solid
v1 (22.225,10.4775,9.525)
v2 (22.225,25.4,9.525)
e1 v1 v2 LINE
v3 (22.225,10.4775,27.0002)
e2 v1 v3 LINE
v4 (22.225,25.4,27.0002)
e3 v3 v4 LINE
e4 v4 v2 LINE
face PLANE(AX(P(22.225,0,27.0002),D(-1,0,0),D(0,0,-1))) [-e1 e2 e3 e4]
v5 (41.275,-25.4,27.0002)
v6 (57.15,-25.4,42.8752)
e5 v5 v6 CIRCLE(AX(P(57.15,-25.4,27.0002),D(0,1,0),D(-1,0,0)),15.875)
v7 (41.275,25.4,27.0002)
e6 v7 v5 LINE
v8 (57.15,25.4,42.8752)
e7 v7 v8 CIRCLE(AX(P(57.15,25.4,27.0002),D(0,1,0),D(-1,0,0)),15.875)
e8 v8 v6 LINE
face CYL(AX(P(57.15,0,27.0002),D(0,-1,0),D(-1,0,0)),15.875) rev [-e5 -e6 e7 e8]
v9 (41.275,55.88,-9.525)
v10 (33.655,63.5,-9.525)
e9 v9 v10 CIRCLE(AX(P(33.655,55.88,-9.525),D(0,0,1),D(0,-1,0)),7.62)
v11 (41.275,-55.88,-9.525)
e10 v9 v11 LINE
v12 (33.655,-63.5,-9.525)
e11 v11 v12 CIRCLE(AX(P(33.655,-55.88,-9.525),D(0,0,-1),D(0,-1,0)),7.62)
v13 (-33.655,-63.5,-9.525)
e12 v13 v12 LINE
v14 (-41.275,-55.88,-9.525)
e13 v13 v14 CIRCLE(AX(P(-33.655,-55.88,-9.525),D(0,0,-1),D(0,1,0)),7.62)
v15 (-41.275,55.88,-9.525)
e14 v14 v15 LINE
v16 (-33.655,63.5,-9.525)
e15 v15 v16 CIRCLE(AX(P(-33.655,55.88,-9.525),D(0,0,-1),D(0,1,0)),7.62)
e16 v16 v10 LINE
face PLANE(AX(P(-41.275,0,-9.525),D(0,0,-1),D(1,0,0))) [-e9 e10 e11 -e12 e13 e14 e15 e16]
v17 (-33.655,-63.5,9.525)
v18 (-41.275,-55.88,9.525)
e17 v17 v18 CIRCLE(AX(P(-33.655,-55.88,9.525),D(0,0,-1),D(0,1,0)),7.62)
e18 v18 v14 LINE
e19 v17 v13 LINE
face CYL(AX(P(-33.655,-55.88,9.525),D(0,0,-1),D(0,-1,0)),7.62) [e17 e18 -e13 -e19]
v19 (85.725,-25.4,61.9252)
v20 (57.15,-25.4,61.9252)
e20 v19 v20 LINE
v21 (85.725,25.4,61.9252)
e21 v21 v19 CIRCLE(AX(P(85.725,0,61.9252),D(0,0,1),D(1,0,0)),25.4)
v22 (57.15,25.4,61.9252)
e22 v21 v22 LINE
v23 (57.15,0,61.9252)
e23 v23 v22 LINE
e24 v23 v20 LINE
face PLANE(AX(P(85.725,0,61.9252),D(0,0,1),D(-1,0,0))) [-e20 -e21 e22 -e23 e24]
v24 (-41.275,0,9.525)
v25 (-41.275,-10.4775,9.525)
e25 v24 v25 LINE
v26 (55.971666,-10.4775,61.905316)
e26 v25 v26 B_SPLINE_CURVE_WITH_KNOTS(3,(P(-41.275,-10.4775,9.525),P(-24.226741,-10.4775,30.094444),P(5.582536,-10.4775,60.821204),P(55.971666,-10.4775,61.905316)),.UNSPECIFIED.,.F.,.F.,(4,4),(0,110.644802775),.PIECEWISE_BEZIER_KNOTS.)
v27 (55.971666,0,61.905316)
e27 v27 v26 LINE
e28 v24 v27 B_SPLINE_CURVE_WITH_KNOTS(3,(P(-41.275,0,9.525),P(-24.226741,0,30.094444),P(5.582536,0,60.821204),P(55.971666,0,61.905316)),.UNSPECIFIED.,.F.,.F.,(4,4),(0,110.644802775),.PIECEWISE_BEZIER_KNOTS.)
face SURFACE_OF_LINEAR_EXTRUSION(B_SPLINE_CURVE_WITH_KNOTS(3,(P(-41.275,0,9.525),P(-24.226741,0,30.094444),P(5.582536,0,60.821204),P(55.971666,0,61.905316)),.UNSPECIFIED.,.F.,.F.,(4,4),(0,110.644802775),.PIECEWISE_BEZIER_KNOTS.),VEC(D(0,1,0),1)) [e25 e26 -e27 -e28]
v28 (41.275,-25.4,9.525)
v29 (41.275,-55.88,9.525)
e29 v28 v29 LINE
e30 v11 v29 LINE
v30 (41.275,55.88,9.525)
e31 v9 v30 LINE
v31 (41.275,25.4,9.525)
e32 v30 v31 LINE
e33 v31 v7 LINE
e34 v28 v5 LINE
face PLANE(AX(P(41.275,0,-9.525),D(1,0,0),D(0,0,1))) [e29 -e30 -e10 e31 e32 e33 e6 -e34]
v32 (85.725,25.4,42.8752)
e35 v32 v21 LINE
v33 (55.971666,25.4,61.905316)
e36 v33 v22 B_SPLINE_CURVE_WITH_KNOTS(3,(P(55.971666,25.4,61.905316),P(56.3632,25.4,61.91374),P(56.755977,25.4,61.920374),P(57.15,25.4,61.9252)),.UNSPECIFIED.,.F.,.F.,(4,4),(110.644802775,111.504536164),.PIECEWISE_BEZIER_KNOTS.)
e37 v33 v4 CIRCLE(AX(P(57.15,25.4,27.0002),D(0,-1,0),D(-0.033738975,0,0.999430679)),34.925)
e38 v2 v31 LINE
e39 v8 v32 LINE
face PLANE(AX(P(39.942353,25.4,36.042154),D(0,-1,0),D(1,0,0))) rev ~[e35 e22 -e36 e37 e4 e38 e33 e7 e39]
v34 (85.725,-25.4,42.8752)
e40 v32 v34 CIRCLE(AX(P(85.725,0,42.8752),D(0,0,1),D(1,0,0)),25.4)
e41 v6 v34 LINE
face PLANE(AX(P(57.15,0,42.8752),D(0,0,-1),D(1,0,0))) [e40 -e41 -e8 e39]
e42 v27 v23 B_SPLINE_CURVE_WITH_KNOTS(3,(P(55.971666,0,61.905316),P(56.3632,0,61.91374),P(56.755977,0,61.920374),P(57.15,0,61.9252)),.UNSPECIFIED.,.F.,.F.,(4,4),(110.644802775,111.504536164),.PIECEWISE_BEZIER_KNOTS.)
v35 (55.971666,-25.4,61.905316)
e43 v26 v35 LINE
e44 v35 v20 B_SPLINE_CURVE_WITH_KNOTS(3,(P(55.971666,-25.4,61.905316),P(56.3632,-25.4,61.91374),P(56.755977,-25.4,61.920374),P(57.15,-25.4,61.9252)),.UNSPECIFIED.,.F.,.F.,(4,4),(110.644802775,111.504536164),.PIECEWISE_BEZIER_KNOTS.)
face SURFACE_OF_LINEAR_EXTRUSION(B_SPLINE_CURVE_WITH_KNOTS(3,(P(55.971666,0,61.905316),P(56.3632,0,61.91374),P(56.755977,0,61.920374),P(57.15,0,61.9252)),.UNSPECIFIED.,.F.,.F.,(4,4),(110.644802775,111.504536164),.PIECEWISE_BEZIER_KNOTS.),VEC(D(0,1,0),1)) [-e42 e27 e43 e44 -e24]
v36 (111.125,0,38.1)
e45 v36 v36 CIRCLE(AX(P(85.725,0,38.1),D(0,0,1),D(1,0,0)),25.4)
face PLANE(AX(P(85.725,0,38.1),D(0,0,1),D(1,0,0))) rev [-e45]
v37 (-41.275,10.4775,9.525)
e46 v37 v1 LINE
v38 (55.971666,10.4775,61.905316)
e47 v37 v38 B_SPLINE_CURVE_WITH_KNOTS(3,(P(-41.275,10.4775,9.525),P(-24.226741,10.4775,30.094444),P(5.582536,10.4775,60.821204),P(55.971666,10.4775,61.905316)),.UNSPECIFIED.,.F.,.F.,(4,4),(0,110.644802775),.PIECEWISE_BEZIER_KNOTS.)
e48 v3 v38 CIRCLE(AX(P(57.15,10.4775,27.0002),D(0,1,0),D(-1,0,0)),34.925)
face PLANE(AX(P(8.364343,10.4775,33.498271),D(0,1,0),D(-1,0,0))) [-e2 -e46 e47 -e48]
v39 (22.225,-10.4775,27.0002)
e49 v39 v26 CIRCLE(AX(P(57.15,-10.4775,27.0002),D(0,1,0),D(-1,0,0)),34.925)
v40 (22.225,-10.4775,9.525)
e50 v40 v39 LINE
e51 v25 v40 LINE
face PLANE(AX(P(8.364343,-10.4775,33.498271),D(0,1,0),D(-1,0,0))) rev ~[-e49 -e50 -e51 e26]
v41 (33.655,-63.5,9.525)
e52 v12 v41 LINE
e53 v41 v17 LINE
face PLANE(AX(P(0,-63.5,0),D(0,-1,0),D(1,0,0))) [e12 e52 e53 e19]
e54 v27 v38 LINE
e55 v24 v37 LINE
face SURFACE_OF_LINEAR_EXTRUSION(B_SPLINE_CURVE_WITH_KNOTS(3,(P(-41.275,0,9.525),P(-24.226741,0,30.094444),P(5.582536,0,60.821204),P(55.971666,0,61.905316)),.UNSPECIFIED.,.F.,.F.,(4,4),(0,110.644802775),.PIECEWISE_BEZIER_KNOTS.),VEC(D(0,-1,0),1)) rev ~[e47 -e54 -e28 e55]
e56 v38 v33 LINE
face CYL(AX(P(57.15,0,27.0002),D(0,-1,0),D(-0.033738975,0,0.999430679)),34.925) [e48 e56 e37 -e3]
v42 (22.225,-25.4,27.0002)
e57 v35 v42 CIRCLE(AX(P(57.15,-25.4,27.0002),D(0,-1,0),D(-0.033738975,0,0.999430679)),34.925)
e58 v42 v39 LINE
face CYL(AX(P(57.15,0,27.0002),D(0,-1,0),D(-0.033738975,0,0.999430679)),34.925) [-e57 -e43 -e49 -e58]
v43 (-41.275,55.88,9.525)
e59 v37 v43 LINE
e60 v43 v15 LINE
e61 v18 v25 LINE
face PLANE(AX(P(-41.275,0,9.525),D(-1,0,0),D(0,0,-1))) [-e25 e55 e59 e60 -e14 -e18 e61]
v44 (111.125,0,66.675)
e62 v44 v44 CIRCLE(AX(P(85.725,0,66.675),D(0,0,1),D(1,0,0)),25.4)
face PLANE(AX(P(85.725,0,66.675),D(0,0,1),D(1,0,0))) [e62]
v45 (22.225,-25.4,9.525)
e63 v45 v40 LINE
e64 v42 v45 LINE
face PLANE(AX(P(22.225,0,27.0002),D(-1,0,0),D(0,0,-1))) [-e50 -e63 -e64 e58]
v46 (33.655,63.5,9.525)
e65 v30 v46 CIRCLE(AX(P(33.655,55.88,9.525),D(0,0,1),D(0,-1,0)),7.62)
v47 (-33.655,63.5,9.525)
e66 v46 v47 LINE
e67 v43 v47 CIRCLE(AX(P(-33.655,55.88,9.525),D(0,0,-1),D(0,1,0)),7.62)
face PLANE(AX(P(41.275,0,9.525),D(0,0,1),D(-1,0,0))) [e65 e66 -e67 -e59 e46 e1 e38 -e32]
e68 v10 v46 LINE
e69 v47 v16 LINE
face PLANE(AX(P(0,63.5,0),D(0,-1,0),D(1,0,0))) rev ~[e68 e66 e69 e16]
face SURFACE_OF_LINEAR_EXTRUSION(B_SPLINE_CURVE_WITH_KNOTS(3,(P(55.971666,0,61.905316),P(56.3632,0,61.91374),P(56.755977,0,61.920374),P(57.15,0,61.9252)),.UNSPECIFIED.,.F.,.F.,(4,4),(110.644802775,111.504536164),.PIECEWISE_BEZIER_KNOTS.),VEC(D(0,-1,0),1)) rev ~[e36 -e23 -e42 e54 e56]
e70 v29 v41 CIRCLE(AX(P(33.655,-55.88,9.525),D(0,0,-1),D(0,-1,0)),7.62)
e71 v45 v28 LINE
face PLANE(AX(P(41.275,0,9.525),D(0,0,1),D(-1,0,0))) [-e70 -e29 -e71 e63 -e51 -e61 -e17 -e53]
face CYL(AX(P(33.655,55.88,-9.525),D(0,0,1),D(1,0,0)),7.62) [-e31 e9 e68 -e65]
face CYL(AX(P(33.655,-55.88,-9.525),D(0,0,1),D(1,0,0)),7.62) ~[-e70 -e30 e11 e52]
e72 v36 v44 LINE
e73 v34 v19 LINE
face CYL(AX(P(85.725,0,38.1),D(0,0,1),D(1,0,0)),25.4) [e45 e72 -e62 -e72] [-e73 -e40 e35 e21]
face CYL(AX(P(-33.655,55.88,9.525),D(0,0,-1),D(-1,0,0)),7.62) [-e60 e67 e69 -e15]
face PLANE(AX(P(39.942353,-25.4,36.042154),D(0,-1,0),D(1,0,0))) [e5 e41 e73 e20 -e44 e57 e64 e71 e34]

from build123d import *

# Parameters (mm, degrees)
F1_DEPTH = 63.5
F2_DEPTH = 10.4775
F0_W     = 25.4
F0_H     = 19.05
F3_DEPTH = 25.4
F5_R     = 7.62


with BuildPart() as f1:
    # F0 (on Front) → F1 (new body, symmetric)
    with BuildSketch(Plane.XZ):
        Polygon((-41.275, -9.525), (41.275, -9.525), (41.275, 9.525), (22.225, 9.525), (-41.275, 9.525), align=None)
    extrude(amount=F1_DEPTH, both=True)

    # F0 (on Front) → F2 (join, symmetric)
    with BuildSketch(Plane.XZ):
        with BuildLine():
            add(Edge.make_bspline(
                [(-41.275, 9.525), (-24.2267409632, 30.0944438393), (5.5825358431, 60.821203998), (55.971666309, 61.9053164547)],
                knots=[0, 0, 0, 0, 110.6448027751, 110.6448027751, 110.6448027751, 110.6448027751], degree=3))
            Line((-41.275, 9.525), (22.225, 9.525))
            Line((22.225, 9.525), (22.225, 27.0002))
            ThreePointArc((22.225, 27.0002), (32.041147685, 51.2757259556), (55.971666309, 61.9053164547))
        make_face()
    extrude(amount=F2_DEPTH, both=True)

    # F0 (on Front) → F3 (join, symmetric)
    with BuildSketch(Plane.XZ):
        with BuildLine():
            Line((22.225, 9.525), (41.275, 9.525))
            Line((41.275, 9.525), (41.275, 27.0002))
            ThreePointArc((41.275, 27.0002), (45.9246798487, 38.2255201513), (57.15, 42.8752))
            Line((57.15, 42.8752), (60.325, 42.8752))
            Line((60.325, 42.8752), (60.325, 61.9252))
            Line((60.325, 61.9252), (57.15, 61.9252))
            add(Edge.make_bspline(
                [(55.971666309, 61.9053164547), (56.3632004506, 61.9137402364), (56.7559771249, 61.9203743088), (57.15, 61.9252)],
                knots=[110.6448027751, 110.6448027751, 110.6448027751, 110.6448027751, 111.5045361635, 111.5045361635, 111.5045361635, 111.5045361635], degree=3))
            ThreePointArc((55.971666309, 61.9053164547), (32.041147685, 51.2757259556), (22.225, 27.0002))
            Line((22.225, 27.0002), (22.225, 9.525))
        make_face()
        with Locations((73.025, 52.4002)):
            Rectangle(F0_W, F0_H)
    extrude(amount=F3_DEPTH, both=True)

    # F0 (on Front) → F4 (revolve)
    with BuildSketch(Plane.XZ):
        Polygon((85.725, 61.9252), (85.725, 42.8752), (85.725, 38.1), (111.125, 38.1), (111.125, 66.675), (85.725, 66.675), align=None)
    revolve(axis=Axis((85.725, 0, 52.3875), (0, 0, 1)))

    # F5
    f5_edges = [f1.edges().sort_by_distance(p)[0] for p in [
        (41.275, -63.5, 0),
        (-41.275, -63.5, 0),
        (41.275, 63.5, 0),
        (-41.275, 63.5, 0),
    ]]
    fillet(f5_edges, radius=F5_R)


solid = f1.part
